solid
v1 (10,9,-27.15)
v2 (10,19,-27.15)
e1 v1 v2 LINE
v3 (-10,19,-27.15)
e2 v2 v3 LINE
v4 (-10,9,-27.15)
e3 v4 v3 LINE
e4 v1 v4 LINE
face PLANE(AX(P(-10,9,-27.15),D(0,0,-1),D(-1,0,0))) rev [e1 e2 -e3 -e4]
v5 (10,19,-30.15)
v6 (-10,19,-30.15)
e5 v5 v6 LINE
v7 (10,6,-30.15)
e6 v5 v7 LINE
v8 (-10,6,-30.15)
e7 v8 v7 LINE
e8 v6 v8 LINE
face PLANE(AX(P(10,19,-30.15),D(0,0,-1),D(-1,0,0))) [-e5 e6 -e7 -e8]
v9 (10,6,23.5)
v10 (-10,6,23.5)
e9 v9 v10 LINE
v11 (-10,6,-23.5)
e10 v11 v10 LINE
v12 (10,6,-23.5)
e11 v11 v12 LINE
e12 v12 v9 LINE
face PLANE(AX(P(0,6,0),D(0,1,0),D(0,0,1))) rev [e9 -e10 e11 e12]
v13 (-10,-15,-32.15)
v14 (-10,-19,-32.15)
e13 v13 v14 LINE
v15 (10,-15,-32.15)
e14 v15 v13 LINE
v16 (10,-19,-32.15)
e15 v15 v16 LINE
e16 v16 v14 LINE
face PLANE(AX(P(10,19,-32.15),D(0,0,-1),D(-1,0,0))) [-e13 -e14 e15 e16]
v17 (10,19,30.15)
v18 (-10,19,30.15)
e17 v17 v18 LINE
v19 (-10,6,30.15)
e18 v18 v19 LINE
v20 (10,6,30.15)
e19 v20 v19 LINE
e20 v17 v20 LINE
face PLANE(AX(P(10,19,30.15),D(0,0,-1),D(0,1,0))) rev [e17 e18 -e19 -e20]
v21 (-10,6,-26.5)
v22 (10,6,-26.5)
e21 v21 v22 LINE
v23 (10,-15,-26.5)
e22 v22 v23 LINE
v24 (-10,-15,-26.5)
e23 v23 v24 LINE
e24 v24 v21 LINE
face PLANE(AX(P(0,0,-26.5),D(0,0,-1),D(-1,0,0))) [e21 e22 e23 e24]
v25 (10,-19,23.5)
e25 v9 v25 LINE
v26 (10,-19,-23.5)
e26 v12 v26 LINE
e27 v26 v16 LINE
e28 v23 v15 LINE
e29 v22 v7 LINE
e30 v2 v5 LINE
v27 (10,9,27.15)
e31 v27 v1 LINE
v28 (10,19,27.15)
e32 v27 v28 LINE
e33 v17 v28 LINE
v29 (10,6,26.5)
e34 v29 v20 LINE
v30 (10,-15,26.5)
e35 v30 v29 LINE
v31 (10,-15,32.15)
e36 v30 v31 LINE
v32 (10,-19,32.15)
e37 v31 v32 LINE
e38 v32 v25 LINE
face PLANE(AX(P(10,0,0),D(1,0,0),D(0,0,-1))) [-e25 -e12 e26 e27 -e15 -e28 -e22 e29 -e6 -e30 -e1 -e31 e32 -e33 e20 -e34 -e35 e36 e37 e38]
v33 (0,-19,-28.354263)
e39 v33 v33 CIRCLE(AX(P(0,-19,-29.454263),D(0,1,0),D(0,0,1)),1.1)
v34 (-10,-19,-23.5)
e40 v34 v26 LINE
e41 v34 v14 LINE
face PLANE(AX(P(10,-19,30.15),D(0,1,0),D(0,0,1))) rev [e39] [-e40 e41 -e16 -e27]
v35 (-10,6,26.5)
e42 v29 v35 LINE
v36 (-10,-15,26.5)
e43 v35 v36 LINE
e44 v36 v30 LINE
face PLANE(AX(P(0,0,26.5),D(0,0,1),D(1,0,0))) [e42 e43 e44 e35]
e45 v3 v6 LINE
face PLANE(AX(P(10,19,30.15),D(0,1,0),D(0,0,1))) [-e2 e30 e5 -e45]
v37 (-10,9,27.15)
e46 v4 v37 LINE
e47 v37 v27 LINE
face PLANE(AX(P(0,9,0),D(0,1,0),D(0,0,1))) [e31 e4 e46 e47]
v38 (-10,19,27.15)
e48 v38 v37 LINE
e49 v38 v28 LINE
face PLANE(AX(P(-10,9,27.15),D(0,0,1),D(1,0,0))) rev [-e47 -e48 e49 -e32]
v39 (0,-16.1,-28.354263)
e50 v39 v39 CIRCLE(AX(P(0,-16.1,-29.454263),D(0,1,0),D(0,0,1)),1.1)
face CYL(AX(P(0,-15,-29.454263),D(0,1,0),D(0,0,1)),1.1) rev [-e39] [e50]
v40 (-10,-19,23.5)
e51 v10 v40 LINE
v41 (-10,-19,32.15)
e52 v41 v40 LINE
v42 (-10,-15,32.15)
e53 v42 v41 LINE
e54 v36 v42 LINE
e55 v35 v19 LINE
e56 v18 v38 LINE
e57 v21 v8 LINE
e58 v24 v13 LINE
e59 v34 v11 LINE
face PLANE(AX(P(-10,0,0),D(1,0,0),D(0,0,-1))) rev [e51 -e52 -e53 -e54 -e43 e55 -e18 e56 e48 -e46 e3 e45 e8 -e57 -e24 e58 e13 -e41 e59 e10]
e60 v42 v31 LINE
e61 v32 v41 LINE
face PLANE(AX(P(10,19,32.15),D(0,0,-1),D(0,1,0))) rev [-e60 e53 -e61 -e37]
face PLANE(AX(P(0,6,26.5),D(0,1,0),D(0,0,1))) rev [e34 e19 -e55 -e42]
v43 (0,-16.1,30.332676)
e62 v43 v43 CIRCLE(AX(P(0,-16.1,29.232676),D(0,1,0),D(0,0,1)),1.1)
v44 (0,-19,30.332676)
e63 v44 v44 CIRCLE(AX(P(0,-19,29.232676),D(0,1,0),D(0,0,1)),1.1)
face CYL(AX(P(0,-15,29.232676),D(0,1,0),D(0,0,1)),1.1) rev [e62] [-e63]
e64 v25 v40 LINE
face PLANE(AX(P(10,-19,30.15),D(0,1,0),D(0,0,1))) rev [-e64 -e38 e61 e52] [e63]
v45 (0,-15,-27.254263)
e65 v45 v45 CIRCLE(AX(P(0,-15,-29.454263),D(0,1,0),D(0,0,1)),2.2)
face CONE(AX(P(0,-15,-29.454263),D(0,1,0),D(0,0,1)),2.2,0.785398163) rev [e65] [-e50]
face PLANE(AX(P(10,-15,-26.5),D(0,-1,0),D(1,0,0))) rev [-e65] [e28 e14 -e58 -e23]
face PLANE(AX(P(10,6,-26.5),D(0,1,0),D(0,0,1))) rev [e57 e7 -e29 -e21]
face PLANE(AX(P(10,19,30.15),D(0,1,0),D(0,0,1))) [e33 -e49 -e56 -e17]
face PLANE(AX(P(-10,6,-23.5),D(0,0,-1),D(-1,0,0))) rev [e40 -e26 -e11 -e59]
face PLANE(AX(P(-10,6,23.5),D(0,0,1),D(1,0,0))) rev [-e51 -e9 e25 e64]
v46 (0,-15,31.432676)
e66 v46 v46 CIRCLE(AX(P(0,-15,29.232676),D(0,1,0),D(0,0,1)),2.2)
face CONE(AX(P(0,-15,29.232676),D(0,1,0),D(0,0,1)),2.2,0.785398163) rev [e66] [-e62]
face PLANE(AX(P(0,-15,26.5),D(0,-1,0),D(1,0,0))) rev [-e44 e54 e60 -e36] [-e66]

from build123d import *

# Parameters (mm, degrees)
SKETCH1_W                                           = 60.3
SKETCH1_H                                           = 38
BOSS_EXTRUDE1_DEPTH                                 = 10
SKETCH3_W                                           = 20
SKETCH3_H                                           = 54.3
CUT_EXTRUDE1_DEPTH                                  = 10
SKETCH4_W                                           = 20
SKETCH4_H                                           = 47
CUT_EXTRUDE2_DEPTH                                  = 25
SKETCH6_W                                           = 10
SKETCH6_H                                           = 21
CUT_EXTRUDE3_DEPTH                                  = 3.65
SKETCH7_W                                           = 10
SKETCH7_H                                           = 21
CUT_EXTRUDE4_DEPTH                                  = 3.65
MOVE_FACE1_BY                                       = 2
MOVE_FACE1_2_BY                                     = 2
MOVE_FACE2_BY                                       = 10
CSK_FOR_M2_COUNTERSUNK_FLAT_HEAD_SCREW2_D           = 2.2
CSK_FOR_M2_COUNTERSUNK_FLAT_HEAD_SCREW2_DEPTH       = 4
CSK_FOR_M2_COUNTERSUNK_FLAT_HEAD_SCREW2_CSINK_D     = 4.4
CSK_FOR_M2_COUNTERSUNK_FLAT_HEAD_SCREW2_CSINK_ANGLE = 90


with BuildPart() as part:
    # Sketch1 → Boss-Extrude1 (new body)
    with BuildSketch(Plane(origin=(0, 0, 0), x_dir=(0, 0, -1), z_dir=(1, 0, 0))):
        Rectangle(SKETCH1_W, SKETCH1_H)
    extrude(amount=BOSS_EXTRUDE1_DEPTH)

    # Sketch3 → Cut-Extrude1 (cut)
    with BuildSketch(Plane(origin=(0, 19, 0), x_dir=(1, 0, 0), z_dir=(0, 1, 0))):
        Rectangle(SKETCH3_W, SKETCH3_H)
    extrude(amount=-CUT_EXTRUDE1_DEPTH, mode=Mode.SUBTRACT)

    # Sketch4 → Cut-Extrude2 (cut)
    with BuildSketch(Plane.XZ.offset(19)):
        Rectangle(SKETCH4_W, SKETCH4_H)
    extrude(amount=-CUT_EXTRUDE2_DEPTH, mode=Mode.SUBTRACT)

    # Sketch6 → Cut-Extrude3 (cut)
    with BuildSketch(Plane(origin=(0, 0, -30.15), x_dir=(-1, 0, 0), z_dir=(0, 0, -1))):
        with Locations((-5, -4.5)):
            Rectangle(SKETCH6_W, SKETCH6_H)
    extrude(amount=-CUT_EXTRUDE3_DEPTH, mode=Mode.SUBTRACT)

    # Sketch7 → Cut-Extrude4 (cut)
    with BuildSketch(Plane.XY.offset(30.15)):
        with Locations((5, -4.5)):
            Rectangle(SKETCH7_W, SKETCH7_H)
    extrude(amount=-CUT_EXTRUDE4_DEPTH, mode=Mode.SUBTRACT)

    # Move Face1: a face moved outward by 2.0
    extrude(part.faces().sort_by_distance((5, -17, 30.15))[0], amount=MOVE_FACE1_BY, dir=(0, 0, 1))

    # Move Face1 2: a face moved outward by 2.0
    extrude(part.faces().sort_by_distance((5, -17, -30.15))[0], amount=MOVE_FACE1_2_BY, dir=(0, 0, -1))

    # Move Face2: a face moved outward by 10.0
    extrude(part.faces().sort_by_distance((0, 0, 25.72))[0], amount=MOVE_FACE2_BY, dir=(-1, 0, 0))

    # CSK for M2 Countersunk Flat Head Screw2
    with Locations(Plane(origin=(0, -15, 0), x_dir=(1, 0, 0), z_dir=(0, 1, 0))):
        with Locations((0, -29.232676383), (0, 29.454263306)):
            CounterSinkHole(CSK_FOR_M2_COUNTERSUNK_FLAT_HEAD_SCREW2_D / 2, CSK_FOR_M2_COUNTERSUNK_FLAT_HEAD_SCREW2_CSINK_D / 2, depth=CSK_FOR_M2_COUNTERSUNK_FLAT_HEAD_SCREW2_DEPTH, counter_sink_angle=CSK_FOR_M2_COUNTERSUNK_FLAT_HEAD_SCREW2_CSINK_ANGLE)


solid = part.part
